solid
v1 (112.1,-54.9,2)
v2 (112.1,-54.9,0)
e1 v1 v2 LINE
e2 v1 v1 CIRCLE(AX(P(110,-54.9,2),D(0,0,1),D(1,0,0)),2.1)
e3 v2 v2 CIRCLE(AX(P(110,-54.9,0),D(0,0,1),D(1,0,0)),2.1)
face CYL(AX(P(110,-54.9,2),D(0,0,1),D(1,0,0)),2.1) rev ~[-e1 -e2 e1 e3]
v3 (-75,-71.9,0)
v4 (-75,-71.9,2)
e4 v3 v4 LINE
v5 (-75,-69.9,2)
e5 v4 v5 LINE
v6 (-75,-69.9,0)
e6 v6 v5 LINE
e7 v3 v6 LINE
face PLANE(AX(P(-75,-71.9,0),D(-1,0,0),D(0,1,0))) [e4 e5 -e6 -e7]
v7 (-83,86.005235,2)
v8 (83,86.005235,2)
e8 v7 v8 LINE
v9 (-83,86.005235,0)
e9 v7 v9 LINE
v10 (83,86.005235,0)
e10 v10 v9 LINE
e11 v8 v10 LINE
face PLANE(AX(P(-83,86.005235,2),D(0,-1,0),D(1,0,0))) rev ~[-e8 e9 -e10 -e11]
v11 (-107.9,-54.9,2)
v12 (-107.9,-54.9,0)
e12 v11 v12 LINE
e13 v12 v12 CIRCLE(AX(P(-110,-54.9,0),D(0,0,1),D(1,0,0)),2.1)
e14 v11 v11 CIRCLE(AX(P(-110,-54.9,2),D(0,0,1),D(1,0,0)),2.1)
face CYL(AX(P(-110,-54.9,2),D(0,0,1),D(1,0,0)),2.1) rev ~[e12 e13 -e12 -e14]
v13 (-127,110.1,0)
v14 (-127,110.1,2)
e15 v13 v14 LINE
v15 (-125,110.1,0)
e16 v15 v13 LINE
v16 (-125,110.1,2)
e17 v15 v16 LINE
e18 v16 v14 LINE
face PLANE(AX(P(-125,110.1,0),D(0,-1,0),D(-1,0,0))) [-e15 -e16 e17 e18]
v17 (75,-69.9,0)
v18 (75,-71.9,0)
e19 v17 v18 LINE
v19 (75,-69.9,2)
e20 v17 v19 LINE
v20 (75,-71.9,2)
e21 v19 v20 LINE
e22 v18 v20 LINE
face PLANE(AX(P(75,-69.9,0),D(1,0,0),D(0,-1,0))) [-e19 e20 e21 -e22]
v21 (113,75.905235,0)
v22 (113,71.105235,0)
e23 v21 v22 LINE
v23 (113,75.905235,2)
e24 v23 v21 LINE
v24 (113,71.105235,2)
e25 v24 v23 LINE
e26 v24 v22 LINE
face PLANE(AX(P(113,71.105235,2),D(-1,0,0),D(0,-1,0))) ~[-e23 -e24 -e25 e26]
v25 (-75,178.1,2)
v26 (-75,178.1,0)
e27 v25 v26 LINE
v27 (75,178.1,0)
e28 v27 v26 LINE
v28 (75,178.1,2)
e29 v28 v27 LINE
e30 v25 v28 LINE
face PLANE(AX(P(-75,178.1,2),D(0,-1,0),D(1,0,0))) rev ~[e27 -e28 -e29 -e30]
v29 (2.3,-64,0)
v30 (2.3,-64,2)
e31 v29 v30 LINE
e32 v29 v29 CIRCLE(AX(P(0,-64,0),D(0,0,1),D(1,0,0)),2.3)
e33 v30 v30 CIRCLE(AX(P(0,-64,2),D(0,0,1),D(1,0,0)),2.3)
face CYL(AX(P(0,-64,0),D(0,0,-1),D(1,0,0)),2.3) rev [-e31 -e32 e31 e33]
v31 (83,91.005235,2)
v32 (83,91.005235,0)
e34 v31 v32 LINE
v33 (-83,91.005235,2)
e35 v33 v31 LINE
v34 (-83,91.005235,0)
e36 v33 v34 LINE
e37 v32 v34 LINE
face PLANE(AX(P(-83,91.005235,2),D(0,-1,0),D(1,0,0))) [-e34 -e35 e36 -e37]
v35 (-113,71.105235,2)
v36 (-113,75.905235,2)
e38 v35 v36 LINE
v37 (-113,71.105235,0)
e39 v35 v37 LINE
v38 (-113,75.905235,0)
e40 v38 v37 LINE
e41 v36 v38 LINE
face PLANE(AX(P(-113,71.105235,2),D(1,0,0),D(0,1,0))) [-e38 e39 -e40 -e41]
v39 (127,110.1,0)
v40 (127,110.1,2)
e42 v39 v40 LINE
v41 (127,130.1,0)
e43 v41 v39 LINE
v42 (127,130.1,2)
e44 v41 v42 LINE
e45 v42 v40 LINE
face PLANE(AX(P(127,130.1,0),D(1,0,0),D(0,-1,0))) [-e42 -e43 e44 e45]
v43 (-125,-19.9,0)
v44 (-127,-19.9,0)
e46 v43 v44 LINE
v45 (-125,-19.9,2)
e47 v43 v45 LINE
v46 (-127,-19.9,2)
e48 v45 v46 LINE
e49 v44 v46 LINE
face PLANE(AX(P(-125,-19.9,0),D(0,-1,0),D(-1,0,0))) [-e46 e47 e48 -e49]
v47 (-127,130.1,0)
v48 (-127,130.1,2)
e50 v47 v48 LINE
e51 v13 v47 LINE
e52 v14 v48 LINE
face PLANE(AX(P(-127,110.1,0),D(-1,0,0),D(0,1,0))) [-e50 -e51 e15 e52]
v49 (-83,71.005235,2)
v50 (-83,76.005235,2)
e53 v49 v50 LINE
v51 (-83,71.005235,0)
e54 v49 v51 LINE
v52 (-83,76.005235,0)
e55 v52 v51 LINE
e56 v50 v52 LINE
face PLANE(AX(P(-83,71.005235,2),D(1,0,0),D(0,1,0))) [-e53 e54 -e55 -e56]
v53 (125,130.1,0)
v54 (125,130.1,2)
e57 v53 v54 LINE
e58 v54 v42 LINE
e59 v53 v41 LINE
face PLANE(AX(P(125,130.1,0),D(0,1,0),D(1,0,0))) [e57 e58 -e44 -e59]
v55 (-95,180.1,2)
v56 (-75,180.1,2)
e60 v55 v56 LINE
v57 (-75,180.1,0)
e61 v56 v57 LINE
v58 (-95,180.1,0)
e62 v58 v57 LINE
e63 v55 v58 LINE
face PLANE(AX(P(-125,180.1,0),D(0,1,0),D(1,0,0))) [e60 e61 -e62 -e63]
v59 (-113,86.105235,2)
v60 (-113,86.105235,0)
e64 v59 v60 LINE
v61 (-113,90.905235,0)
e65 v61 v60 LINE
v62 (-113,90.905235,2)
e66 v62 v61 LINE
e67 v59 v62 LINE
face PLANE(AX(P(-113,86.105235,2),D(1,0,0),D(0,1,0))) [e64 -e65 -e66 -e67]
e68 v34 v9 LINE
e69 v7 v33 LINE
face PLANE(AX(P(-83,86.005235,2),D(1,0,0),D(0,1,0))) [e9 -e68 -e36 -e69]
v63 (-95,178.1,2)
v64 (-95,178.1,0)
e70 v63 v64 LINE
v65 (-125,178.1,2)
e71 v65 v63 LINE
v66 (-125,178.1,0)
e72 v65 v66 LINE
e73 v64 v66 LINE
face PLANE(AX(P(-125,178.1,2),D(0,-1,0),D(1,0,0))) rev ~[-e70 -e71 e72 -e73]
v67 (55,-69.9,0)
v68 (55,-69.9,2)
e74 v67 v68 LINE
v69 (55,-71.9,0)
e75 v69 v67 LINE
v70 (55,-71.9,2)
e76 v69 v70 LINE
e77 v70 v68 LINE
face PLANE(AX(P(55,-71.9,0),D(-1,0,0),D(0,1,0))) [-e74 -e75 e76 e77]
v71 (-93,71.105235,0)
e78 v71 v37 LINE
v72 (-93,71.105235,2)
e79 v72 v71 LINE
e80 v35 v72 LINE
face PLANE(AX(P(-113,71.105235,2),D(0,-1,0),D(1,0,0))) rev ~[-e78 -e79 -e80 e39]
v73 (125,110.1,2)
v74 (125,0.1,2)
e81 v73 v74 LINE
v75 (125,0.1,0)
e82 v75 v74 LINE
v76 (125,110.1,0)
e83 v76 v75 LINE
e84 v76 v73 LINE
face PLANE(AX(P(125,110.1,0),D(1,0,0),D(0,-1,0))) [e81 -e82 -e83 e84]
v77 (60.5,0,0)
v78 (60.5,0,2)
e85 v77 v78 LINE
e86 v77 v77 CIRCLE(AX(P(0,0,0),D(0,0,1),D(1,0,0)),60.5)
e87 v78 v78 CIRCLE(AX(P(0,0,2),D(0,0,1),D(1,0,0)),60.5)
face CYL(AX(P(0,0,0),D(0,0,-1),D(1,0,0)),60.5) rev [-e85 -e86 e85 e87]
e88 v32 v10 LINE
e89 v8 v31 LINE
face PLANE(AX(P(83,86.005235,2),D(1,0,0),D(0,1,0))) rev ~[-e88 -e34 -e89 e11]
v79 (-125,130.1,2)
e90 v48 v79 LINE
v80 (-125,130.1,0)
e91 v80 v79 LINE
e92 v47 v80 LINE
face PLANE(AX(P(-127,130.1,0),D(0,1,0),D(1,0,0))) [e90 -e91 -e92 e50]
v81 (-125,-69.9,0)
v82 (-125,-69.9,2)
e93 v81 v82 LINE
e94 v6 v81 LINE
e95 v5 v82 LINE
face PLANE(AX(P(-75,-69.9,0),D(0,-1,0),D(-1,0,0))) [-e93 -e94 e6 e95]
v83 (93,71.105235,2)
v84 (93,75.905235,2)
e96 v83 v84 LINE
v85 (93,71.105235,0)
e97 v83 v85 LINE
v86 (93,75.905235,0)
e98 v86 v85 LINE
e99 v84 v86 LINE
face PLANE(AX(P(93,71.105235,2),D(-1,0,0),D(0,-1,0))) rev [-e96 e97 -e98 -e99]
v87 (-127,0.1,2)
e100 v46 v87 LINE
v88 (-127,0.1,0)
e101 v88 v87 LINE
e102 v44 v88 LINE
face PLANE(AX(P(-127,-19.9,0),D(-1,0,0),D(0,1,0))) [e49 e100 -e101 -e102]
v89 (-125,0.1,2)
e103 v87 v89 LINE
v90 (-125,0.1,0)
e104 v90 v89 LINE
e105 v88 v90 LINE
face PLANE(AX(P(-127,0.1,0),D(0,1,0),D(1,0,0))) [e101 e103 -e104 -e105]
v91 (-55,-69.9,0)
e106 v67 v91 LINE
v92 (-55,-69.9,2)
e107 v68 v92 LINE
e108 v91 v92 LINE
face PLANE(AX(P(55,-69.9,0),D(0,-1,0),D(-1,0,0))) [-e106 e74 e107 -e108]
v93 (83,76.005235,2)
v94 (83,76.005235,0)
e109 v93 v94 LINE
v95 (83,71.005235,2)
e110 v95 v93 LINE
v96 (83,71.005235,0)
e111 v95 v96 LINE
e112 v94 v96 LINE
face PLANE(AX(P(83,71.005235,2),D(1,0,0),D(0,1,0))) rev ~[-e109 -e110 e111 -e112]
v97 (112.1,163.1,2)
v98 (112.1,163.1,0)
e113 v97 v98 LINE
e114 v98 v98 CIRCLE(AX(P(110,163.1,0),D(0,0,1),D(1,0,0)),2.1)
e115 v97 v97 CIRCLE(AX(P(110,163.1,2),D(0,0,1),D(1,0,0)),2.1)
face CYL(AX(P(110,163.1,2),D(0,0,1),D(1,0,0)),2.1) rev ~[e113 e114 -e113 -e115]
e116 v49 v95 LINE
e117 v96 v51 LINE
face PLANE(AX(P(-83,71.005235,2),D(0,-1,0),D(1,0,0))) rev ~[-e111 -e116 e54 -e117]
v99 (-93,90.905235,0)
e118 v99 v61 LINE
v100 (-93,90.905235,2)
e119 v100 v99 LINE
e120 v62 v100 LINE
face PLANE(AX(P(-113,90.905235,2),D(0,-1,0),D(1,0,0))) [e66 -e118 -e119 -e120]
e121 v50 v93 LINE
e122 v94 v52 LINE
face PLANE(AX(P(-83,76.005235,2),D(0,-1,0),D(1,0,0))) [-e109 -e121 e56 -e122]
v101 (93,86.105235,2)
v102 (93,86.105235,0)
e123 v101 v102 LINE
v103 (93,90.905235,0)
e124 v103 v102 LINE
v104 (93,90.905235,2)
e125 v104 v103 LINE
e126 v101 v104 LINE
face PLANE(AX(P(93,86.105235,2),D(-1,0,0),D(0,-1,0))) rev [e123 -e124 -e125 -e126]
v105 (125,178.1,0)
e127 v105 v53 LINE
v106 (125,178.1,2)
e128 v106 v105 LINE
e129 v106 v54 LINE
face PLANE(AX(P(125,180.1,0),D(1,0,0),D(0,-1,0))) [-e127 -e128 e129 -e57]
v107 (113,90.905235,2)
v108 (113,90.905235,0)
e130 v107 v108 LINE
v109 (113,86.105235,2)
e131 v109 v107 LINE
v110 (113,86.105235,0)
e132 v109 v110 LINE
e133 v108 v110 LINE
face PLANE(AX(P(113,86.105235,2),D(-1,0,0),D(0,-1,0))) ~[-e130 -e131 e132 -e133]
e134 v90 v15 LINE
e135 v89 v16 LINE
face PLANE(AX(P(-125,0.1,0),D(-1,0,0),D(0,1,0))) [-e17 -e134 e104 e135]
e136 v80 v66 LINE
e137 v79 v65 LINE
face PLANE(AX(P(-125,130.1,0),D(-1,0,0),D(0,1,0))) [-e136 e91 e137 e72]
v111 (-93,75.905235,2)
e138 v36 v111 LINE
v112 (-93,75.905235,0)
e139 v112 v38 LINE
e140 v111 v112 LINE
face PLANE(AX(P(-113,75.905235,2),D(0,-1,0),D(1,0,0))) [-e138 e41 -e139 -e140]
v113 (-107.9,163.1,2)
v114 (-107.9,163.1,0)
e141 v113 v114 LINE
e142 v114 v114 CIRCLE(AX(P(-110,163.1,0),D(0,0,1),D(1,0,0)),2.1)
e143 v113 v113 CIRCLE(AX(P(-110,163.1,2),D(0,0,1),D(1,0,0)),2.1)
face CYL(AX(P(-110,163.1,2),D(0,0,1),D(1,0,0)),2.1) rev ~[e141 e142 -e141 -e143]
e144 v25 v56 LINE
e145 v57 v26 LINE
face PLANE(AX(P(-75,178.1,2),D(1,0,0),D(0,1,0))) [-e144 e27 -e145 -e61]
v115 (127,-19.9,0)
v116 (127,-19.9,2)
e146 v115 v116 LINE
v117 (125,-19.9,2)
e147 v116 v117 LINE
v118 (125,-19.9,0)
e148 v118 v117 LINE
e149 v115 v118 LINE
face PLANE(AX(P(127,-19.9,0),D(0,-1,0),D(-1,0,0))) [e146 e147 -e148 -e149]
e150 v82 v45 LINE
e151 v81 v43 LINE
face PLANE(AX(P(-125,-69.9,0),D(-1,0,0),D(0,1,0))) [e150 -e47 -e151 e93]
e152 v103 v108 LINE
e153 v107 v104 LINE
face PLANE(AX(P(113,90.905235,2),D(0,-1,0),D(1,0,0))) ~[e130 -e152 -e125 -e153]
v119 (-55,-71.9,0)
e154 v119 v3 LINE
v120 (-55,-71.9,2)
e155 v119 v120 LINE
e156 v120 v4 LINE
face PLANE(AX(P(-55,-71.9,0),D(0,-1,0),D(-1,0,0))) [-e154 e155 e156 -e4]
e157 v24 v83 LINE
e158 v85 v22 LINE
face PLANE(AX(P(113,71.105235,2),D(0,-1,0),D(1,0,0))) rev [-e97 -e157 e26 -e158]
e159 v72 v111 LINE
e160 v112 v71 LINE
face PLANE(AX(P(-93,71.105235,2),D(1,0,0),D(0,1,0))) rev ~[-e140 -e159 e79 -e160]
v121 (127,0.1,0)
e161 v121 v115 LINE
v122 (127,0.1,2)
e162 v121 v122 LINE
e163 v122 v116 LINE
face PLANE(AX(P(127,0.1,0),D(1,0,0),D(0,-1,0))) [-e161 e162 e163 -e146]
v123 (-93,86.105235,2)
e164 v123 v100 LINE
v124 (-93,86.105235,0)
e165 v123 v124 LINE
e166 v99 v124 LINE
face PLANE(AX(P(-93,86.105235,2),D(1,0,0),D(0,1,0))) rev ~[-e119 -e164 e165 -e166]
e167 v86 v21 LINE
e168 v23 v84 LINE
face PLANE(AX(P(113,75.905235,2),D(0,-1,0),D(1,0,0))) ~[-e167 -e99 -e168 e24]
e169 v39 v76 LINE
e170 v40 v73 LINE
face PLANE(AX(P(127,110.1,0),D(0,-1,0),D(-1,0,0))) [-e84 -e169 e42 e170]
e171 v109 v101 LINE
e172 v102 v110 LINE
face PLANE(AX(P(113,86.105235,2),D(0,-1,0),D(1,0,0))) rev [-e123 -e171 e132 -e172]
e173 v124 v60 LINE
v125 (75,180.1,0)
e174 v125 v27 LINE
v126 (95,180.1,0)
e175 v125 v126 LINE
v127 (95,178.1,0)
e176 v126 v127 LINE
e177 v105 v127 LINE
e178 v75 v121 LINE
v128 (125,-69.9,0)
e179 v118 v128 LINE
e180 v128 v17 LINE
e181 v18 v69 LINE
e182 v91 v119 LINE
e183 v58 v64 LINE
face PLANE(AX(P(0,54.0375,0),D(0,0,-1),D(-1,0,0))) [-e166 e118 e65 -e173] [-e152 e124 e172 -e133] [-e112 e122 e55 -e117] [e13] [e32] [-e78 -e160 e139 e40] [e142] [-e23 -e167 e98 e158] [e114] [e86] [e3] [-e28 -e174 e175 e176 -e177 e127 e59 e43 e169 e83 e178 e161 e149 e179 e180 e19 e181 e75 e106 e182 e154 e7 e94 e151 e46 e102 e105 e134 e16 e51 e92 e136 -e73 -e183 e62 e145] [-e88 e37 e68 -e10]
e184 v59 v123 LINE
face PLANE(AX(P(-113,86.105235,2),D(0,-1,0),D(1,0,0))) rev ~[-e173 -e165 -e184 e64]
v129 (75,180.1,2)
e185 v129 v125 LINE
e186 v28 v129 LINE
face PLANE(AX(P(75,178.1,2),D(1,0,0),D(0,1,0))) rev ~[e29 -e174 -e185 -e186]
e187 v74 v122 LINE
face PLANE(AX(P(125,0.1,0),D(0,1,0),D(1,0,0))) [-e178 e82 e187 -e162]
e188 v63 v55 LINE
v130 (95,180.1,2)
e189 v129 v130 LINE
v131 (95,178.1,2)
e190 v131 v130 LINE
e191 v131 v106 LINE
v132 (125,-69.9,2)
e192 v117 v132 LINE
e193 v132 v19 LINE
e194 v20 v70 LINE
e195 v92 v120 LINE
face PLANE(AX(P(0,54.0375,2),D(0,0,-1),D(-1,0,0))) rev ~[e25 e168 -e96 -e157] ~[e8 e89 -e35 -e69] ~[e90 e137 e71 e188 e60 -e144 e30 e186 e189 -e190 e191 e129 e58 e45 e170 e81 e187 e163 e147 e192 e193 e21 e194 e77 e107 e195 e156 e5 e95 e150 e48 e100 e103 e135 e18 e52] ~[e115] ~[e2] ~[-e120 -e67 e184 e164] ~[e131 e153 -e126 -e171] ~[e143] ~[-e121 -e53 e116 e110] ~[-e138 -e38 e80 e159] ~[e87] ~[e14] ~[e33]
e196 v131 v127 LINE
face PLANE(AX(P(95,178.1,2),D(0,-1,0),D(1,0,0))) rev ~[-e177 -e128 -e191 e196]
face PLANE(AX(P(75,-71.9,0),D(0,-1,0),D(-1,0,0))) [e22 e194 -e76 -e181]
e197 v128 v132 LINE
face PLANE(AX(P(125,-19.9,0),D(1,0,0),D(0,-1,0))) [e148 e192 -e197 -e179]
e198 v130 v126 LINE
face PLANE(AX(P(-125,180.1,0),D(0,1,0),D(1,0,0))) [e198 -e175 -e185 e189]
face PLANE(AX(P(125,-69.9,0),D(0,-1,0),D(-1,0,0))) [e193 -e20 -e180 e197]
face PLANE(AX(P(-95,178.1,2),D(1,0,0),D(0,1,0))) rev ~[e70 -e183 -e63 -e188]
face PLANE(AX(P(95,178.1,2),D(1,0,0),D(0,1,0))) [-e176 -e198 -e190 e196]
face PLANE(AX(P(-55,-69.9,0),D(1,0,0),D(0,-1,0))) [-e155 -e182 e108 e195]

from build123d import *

# Parameters (mm, degrees)
SKETCH1_R           = 60.5
SKETCH1_R_2         = 2.3
BOSS_EXTRUDE1_DEPTH = 2
SKETCH3_W           = 20
SKETCH3_H           = 4.8
CUT_EXTRUDE1_DEPTH  = 5
SKETCH4_W           = 165.999999998
SKETCH4_H           = 5
CUT_EXTRUDE2_DEPTH  = 5
SKETCH5_R           = 2.1
CUT_EXTRUDE3_DEPTH  = 5
SKETCH6_W           = 30
SKETCH6_H           = 2
SKETCH6_W_2         = 150
CUT_EXTRUDE4_DEPTH  = 5
SKETCH7_R           = 2.1
CUT_EXTRUDE5_DEPTH  = 5


with BuildPart() as part:
    # Sketch1 → Boss-Extrude1 (new body)
    with BuildSketch(Plane.XY):
        Polygon((125.000000001, -69.9), (75.000000001, -69.9), (75.000000001, -71.9), (55.000000001, -71.9), (55.000000001, -69.9), (-54.999999999, -69.9), (-54.999999999, -71.9), (-74.999999999, -71.9), (-74.999999999, -69.9), (-124.999999999, -69.9), (-124.999999999, -19.9), (-126.999999999, -19.9), (-126.999999999, 0.1), (-124.999999999, 0.1), (-124.999999999, 110.1), (-126.999999999, 110.1), (-126.999999999, 130.1), (-124.999999999, 130.1), (-124.999999999, 180.1), (125.000000001, 180.1), (125.000000001, 130.1), (127.000000001, 130.1), (127.000000001, 110.1), (125.000000001, 110.1), (125.000000001, 0.1), (127.000000001, 0.1), (127.000000001, -19.9), (125.000000001, -19.9), align=None)
        Circle(SKETCH1_R, mode=Mode.SUBTRACT)
        with Locations((0, -64)):
            Circle(SKETCH1_R_2, mode=Mode.SUBTRACT)
    extrude(amount=BOSS_EXTRUDE1_DEPTH)

    # Sketch3 → Cut-Extrude1 (cut)
    with BuildSketch(Plane.XY.offset(2)):
        with Locations((-102.999999999, 88.505234687)):
            Rectangle(SKETCH3_W, SKETCH3_H)
        with Locations((-102.999999999, 73.505234687)):
            Rectangle(SKETCH3_W, SKETCH3_H)
    cut_extrude1 = extrude(amount=-CUT_EXTRUDE1_DEPTH, mode=Mode.SUBTRACT)

    # Mirror1: Cut-Extrude1 across plane
    add(cut_extrude1.mirror(Plane(origin=(0, 0, 0), x_dir=(0, 0, 1), z_dir=(1, 0, 0))), mode=Mode.SUBTRACT)

    # Sketch4 → Cut-Extrude2 (cut)
    with BuildSketch(Plane.XY.offset(2)):
        with Locations((0, 88.505234687)):
            Rectangle(SKETCH4_W, SKETCH4_H)
        with Locations((0, 73.505234687)):
            Rectangle(SKETCH4_W, SKETCH4_H)
    extrude(amount=-CUT_EXTRUDE2_DEPTH, mode=Mode.SUBTRACT)

    # Sketch5 → Cut-Extrude3 (cut)
    with BuildSketch(Plane.XY.offset(2)):
        with Locations((-109.999999999, -54.9)):
            Circle(SKETCH5_R)
        with Locations((110.000000001, -54.9)):
            Circle(SKETCH5_R)
    extrude(amount=-CUT_EXTRUDE3_DEPTH, mode=Mode.SUBTRACT)

    # Sketch6 → Cut-Extrude4 (cut)
    with BuildSketch(Plane.XY.offset(2)):
        with Locations((-109.999999999, 179.1)):
            Rectangle(SKETCH6_W, SKETCH6_H)
        with Locations((1e-09, 179.1)):
            Rectangle(SKETCH6_W_2, SKETCH6_H)
        with Locations((110.000000001, 179.1)):
            Rectangle(SKETCH6_W, SKETCH6_H)
    extrude(amount=-CUT_EXTRUDE4_DEPTH, mode=Mode.SUBTRACT)

    # Sketch7 → Cut-Extrude5 (cut)
    with BuildSketch(Plane.XY.offset(2)):
        with Locations((-109.999999999, 163.1)):
            Circle(SKETCH7_R)
        with Locations((110.000000001, 163.1)):
            Circle(SKETCH7_R)
    extrude(amount=-CUT_EXTRUDE5_DEPTH, mode=Mode.SUBTRACT)


solid = part.part
